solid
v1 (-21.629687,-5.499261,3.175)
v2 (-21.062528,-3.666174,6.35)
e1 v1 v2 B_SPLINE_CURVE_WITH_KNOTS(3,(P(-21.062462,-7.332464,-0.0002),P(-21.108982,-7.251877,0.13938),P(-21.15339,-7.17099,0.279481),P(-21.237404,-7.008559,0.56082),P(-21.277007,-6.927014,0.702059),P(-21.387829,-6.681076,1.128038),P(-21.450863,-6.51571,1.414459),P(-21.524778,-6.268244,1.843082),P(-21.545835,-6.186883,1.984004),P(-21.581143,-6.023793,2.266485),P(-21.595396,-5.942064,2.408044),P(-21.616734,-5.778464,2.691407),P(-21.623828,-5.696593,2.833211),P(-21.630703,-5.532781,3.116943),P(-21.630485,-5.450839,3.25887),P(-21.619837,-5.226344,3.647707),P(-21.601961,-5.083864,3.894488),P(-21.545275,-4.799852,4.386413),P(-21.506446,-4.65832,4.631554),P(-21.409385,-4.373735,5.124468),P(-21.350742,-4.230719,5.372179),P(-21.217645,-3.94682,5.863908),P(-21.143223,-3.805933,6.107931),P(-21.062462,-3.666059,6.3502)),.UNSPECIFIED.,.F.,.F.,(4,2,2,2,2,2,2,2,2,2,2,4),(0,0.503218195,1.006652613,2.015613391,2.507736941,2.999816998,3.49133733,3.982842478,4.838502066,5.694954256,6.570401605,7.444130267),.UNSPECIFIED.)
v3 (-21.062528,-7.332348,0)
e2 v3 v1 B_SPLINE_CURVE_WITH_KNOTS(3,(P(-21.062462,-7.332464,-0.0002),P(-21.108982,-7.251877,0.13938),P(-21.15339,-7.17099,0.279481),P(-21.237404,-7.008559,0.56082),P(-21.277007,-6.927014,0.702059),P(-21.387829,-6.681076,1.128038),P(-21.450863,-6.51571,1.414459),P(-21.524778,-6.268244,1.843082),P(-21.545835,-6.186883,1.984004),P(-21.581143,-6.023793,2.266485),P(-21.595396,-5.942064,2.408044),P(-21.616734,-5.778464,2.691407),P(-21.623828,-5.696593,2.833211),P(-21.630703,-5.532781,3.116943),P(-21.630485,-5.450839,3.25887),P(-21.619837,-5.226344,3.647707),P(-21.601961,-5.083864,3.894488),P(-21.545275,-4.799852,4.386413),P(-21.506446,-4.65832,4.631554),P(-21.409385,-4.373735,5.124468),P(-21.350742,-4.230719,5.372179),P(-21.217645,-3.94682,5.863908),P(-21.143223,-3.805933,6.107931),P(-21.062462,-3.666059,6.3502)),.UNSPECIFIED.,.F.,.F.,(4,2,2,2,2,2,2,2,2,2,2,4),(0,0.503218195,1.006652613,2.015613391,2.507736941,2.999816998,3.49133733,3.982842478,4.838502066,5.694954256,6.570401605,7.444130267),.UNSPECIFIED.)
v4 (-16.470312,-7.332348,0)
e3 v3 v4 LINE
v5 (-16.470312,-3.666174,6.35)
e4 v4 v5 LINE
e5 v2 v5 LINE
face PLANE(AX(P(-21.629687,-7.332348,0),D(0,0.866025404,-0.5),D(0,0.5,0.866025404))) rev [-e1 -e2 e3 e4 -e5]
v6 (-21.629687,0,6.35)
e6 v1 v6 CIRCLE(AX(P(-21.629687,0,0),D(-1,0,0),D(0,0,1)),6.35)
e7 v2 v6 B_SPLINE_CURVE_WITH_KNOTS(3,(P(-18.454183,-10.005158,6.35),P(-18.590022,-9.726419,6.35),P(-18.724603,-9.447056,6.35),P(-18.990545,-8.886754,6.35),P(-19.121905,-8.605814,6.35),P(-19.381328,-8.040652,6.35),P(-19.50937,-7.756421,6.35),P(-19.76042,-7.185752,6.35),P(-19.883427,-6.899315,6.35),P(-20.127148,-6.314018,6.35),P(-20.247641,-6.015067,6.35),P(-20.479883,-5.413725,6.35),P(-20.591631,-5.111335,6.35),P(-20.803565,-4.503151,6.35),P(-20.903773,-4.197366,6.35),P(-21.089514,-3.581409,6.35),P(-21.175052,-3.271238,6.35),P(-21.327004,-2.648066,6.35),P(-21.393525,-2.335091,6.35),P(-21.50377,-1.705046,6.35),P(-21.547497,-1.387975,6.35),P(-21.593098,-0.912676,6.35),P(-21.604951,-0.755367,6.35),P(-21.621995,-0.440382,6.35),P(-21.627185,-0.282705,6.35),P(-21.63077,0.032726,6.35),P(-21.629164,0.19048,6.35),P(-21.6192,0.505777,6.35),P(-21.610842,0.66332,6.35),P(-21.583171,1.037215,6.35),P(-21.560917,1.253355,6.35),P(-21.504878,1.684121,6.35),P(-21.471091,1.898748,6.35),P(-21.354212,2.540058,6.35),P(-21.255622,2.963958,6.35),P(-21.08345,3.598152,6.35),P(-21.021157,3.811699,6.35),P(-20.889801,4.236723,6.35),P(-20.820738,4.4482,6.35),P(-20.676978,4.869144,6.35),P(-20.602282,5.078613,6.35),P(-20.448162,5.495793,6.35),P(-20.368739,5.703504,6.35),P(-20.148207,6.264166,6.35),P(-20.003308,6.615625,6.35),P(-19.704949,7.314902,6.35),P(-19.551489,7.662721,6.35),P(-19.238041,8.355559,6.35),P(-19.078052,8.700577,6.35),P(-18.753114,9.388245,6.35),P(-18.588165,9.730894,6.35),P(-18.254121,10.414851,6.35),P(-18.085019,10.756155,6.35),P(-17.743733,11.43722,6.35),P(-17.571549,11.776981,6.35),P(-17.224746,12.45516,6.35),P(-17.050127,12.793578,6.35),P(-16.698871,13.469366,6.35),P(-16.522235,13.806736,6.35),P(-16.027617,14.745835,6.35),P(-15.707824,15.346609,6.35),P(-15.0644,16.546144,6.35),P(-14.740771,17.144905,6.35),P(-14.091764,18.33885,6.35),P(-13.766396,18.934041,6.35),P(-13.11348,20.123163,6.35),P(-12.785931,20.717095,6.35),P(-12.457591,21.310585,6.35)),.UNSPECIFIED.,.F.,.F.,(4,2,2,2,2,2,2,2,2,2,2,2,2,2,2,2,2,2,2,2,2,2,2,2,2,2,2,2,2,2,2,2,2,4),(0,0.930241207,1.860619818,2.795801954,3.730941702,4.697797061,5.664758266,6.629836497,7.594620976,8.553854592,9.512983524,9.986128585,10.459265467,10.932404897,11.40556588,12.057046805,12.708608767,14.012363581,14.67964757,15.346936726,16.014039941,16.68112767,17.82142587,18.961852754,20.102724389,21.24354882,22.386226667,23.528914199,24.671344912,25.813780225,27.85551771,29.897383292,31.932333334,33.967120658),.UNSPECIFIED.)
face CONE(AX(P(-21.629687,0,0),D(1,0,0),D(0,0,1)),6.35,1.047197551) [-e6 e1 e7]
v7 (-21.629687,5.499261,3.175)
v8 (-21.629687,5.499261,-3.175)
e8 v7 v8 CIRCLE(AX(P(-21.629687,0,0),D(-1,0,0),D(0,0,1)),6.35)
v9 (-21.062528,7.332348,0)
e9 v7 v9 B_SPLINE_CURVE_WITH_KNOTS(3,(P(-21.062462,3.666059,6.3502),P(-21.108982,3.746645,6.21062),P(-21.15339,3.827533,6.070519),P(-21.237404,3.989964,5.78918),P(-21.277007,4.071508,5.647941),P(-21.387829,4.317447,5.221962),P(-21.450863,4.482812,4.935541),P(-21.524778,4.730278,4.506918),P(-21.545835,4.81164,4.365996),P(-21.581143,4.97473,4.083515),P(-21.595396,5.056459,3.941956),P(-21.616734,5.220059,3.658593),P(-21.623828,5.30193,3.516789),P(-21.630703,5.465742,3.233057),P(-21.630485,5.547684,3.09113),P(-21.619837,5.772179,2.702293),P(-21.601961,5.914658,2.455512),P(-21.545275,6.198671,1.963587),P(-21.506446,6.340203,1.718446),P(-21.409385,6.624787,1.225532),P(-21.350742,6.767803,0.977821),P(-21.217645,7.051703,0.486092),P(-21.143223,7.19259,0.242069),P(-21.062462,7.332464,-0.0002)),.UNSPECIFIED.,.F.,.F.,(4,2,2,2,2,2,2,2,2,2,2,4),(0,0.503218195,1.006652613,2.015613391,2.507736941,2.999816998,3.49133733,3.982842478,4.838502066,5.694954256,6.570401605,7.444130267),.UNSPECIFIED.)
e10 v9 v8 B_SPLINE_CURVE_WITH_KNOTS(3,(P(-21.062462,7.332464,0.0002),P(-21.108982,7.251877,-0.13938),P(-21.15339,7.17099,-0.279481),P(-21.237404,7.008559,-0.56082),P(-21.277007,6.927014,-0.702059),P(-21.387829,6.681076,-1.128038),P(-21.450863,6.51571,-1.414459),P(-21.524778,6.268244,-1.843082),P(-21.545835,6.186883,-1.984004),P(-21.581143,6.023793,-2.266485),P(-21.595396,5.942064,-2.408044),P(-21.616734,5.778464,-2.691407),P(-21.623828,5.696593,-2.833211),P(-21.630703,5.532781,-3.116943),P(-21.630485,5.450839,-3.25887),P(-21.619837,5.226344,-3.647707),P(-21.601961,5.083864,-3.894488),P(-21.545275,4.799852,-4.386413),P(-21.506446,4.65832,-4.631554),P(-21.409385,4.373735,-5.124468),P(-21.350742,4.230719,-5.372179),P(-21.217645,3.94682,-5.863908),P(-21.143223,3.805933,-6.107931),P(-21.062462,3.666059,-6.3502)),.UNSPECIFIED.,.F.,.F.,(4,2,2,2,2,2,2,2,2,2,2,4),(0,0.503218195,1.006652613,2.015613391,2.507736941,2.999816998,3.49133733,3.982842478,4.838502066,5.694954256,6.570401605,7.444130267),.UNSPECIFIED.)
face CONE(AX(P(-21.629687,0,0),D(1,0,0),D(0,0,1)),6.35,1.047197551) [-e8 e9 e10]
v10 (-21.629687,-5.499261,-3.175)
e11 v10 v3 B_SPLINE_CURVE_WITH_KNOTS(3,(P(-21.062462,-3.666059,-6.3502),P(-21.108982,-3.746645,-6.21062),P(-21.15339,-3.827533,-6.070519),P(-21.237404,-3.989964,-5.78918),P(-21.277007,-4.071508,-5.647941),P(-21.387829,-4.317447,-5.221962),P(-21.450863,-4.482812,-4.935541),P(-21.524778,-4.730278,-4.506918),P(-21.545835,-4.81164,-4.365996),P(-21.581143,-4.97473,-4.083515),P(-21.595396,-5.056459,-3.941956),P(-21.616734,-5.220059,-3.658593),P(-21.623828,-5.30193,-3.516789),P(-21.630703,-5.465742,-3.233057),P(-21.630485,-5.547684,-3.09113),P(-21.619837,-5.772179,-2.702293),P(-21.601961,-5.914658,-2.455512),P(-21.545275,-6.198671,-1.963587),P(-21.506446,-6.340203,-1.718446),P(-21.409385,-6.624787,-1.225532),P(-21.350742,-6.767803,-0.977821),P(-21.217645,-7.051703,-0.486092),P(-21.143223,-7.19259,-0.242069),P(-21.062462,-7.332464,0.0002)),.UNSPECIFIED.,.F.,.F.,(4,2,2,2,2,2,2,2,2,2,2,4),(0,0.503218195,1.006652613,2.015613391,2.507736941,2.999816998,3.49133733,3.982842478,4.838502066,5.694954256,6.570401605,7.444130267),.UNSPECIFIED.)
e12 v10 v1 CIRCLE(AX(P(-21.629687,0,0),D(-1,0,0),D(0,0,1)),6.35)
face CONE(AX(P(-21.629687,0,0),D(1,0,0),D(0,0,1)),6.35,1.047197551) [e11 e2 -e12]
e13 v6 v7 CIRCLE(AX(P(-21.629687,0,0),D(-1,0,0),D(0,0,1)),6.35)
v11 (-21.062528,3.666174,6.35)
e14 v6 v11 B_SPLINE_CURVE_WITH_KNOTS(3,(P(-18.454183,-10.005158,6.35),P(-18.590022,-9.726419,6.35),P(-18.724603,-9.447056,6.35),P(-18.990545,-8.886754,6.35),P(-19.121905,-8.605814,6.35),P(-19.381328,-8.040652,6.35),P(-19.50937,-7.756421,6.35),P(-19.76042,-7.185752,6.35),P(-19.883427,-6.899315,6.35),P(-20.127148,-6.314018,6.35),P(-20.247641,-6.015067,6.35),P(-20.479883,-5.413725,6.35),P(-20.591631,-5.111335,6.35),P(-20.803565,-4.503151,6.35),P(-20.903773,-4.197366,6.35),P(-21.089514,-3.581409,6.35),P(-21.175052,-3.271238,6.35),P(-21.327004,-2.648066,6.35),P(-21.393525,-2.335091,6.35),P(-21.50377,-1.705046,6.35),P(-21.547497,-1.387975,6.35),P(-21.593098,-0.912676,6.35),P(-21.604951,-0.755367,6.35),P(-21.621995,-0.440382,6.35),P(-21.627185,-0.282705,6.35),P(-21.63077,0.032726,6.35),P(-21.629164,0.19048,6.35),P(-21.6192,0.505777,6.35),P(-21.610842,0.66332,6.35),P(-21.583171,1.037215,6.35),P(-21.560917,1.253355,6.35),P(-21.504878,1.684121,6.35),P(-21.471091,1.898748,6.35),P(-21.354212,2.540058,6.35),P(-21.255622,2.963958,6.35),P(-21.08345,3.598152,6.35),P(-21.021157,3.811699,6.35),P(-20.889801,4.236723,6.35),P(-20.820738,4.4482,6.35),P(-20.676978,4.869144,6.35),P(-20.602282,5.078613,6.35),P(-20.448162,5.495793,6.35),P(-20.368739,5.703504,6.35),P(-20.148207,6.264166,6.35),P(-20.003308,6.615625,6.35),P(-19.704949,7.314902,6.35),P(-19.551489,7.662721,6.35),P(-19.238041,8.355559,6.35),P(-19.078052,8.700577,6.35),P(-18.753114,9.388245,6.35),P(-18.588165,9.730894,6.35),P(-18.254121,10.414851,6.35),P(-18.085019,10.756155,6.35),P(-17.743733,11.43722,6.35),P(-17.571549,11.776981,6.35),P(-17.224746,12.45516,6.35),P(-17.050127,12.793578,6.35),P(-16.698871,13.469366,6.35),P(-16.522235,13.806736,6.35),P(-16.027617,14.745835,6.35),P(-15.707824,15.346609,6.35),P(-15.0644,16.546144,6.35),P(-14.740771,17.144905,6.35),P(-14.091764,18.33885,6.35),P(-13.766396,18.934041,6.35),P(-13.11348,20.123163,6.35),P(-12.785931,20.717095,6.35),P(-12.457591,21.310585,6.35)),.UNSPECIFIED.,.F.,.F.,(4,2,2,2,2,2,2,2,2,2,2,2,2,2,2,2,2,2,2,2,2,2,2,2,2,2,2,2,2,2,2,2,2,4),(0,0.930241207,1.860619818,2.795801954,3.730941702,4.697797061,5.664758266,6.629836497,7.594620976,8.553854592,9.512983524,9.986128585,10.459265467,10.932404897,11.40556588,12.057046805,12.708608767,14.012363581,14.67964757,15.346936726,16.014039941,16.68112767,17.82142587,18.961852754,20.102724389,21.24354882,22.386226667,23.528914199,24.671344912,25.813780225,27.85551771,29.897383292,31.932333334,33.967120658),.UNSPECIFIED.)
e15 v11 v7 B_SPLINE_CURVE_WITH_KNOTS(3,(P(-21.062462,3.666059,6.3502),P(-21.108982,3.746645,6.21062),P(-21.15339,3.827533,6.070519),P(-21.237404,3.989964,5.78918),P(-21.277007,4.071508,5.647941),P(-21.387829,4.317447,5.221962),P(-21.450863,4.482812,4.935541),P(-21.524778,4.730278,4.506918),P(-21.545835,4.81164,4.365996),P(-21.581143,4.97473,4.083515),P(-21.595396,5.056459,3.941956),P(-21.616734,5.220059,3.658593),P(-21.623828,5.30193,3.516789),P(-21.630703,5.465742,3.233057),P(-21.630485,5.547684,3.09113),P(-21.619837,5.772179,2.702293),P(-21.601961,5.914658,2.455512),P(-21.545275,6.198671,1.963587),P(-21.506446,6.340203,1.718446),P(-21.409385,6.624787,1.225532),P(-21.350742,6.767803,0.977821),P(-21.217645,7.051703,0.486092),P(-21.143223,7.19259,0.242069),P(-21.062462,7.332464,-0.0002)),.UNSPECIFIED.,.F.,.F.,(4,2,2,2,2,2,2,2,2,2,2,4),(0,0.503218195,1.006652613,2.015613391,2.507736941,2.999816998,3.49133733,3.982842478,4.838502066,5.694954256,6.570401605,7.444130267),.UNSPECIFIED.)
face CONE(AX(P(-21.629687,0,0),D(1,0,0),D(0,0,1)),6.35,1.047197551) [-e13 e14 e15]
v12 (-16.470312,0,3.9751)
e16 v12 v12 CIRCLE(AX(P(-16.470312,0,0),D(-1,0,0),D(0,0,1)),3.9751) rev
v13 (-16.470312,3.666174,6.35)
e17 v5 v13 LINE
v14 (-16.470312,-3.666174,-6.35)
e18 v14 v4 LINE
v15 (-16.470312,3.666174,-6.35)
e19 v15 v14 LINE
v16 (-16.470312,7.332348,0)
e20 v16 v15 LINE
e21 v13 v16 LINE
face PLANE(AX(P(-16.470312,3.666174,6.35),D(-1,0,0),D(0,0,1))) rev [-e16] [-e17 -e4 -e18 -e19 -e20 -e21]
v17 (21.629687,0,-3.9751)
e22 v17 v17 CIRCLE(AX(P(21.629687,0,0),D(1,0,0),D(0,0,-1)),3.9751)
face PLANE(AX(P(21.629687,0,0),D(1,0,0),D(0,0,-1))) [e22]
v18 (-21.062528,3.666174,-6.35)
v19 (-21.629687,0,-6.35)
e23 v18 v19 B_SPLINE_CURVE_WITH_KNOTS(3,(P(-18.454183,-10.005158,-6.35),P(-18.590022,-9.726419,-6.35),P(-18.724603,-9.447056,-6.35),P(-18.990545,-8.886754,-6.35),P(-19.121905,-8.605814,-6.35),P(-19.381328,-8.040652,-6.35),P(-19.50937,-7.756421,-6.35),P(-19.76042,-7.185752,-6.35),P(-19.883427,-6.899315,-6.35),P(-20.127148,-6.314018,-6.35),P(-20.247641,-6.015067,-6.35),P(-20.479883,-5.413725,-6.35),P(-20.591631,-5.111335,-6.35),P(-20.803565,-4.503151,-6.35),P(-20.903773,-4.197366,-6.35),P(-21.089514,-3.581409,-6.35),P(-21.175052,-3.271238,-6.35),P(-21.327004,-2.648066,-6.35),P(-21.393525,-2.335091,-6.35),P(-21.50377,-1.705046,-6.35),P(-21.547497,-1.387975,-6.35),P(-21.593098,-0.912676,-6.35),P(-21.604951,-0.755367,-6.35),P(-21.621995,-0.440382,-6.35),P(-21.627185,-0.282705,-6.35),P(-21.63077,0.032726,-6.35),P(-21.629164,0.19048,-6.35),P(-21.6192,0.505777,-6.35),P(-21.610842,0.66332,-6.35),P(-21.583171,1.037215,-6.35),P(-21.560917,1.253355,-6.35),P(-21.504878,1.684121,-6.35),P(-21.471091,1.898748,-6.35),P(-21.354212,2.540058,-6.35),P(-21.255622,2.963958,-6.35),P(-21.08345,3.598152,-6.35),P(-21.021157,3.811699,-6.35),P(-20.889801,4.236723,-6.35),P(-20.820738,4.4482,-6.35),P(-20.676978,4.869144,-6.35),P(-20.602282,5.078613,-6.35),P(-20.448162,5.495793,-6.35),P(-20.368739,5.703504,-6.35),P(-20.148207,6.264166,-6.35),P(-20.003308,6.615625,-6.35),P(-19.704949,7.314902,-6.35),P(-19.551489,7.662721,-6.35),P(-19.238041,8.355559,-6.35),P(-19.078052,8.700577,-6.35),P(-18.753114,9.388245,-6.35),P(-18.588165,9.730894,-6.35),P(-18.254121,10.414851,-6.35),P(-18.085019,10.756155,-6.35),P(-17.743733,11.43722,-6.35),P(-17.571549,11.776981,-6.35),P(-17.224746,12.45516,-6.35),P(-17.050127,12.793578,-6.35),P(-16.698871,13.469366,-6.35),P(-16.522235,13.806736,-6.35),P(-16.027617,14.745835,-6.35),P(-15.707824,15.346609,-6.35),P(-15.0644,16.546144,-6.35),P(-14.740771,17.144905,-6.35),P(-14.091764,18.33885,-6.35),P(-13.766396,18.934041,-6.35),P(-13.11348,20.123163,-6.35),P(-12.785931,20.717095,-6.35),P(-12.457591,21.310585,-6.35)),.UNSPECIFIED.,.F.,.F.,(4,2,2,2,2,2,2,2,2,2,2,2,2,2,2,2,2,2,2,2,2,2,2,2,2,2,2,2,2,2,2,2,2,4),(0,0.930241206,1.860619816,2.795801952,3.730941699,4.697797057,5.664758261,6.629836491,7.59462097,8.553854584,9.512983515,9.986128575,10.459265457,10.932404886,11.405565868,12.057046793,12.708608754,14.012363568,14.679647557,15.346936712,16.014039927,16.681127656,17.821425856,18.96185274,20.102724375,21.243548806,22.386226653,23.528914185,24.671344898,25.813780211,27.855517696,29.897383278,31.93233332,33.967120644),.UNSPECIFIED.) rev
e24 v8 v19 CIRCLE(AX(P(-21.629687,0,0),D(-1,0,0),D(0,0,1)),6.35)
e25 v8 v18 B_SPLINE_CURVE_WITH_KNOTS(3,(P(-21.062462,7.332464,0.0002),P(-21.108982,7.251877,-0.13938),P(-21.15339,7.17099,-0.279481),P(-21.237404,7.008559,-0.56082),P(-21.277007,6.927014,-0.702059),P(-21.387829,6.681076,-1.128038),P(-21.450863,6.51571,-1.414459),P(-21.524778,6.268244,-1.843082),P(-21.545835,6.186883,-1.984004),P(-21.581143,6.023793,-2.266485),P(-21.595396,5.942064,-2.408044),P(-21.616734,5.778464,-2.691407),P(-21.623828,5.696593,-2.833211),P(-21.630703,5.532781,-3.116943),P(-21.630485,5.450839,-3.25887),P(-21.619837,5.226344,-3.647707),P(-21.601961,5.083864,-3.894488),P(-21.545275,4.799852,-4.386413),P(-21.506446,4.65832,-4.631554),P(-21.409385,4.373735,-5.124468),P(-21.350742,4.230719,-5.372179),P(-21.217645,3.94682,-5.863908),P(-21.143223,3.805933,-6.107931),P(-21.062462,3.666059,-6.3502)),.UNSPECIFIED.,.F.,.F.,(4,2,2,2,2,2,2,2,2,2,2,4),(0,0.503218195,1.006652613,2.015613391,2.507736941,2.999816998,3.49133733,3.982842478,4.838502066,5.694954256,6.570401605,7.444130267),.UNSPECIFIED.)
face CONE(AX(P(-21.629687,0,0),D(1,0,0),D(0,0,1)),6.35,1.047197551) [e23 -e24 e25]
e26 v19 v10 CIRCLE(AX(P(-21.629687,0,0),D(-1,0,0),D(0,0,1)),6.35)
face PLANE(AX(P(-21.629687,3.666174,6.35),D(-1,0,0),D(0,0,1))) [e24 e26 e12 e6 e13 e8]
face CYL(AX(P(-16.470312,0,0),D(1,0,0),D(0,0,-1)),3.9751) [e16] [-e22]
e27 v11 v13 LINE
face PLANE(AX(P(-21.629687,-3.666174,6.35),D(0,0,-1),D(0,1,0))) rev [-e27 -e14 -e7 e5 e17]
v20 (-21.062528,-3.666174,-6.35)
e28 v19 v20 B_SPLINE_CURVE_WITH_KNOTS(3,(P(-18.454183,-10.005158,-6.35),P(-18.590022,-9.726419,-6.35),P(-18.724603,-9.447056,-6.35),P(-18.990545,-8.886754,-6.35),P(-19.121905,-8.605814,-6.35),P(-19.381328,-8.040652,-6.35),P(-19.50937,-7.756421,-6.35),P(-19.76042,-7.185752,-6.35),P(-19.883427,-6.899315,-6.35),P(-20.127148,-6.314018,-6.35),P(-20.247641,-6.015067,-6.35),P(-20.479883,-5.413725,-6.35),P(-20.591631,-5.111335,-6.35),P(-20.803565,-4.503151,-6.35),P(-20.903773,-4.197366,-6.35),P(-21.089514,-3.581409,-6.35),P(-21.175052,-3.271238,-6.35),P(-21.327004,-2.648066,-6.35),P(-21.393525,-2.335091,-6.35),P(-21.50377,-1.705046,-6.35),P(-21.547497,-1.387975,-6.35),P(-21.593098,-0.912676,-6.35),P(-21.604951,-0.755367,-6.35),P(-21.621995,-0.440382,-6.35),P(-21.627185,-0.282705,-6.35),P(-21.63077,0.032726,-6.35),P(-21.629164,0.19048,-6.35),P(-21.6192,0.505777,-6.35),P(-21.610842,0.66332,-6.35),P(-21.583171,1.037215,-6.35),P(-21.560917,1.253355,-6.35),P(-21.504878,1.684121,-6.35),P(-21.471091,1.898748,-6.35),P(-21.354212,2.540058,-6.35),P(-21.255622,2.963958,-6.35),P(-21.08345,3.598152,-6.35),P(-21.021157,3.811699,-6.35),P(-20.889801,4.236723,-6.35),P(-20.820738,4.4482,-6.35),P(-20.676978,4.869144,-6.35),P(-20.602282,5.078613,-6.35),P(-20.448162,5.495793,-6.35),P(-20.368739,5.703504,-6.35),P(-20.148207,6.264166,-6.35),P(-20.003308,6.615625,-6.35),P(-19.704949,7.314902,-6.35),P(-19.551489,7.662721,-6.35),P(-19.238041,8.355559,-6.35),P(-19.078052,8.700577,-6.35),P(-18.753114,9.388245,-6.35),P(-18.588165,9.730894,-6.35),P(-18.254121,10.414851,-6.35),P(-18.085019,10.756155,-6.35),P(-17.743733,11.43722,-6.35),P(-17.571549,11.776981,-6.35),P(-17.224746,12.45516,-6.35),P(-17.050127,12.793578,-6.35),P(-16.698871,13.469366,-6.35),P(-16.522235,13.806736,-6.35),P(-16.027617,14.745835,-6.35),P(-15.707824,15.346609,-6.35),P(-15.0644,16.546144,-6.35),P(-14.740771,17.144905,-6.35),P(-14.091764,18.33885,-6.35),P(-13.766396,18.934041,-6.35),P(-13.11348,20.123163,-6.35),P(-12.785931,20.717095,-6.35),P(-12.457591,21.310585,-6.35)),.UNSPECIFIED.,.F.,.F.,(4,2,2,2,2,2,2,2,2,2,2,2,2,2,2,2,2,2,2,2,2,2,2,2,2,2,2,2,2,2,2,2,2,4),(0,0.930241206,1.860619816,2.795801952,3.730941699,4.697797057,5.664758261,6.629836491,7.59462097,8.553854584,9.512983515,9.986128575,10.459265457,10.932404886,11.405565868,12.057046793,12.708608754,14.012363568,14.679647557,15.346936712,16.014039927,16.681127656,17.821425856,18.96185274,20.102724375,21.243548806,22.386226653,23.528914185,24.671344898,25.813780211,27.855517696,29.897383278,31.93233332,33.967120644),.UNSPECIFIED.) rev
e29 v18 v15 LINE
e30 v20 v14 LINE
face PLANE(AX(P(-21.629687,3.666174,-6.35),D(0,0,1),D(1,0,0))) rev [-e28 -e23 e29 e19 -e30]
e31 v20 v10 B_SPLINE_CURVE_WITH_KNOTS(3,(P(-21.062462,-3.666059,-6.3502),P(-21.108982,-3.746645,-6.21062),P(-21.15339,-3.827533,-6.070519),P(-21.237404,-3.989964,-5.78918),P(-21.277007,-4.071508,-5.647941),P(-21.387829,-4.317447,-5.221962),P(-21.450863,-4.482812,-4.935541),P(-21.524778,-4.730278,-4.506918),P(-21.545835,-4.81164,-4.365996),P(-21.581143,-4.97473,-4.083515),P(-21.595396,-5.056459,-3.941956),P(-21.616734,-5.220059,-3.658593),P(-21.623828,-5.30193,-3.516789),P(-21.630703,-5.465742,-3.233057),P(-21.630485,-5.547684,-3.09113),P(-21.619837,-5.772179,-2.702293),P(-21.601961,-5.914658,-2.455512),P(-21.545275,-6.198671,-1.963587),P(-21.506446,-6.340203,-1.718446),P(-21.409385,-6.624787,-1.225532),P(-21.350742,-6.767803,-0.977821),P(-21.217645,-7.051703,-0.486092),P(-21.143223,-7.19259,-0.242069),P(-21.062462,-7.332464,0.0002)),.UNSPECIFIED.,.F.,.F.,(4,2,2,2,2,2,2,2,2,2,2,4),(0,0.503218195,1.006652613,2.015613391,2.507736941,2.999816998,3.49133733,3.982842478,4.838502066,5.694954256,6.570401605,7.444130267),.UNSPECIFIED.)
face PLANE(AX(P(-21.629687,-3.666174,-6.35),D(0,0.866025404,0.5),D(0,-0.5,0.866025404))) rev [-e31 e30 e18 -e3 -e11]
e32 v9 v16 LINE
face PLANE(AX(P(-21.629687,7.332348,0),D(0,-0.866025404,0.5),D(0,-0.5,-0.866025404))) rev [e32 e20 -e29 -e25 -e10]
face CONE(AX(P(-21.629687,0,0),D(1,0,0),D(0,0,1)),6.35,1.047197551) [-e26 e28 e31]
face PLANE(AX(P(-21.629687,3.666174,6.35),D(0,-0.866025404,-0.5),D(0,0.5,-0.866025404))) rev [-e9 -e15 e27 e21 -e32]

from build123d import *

# Parameters (mm, degrees)
SKETCH5_R           = 3.9751
BOSS_EXTRUDE3_DEPTH = 38.1
BOSS_EXTRUDE4_DEPTH = 5.159375
SKETCH8_OUTSIDE_W   = 181.222
SKETCH8_OUTSIDE_H   = 183.186
SKETCH8_OUTSIDE_R   = 6.35
CUT_EXTRUDE3_DEPTH  = 45.333501539
CUT_EXTRUDE3_DRAFT  = -60


with BuildPart() as part:
    # Sketch5 → Boss-Extrude3 (new body)
    with BuildSketch(Plane(origin=(21.6296875, 0, 0), x_dir=(0, 0, -1), z_dir=(1, 0, 0))):
        Circle(SKETCH5_R)
    extrude(amount=-BOSS_EXTRUDE3_DEPTH)

    # Sketch6 → Boss-Extrude4 (add)
    with BuildSketch(Plane.ZY.offset(16.4703125)):
        Polygon((6.35, 3.666174209), (0, 7.332348419), (-6.35, 3.666174209), (-6.35, -3.666174209), (0, -7.332348419), (6.35, -3.666174209), align=None)
    extrude(amount=BOSS_EXTRUDE4_DEPTH)


with BuildPart() as cut_extrude3_tool:
    # Sketch8 outside → Cut-Extrude3 (with draft: the straight prism first)
    with BuildSketch(Plane.ZY.offset(21.6296875)):
        Rectangle(SKETCH8_OUTSIDE_W, SKETCH8_OUTSIDE_H)
        Circle(SKETCH8_OUTSIDE_R, mode=Mode.SUBTRACT)
    extrude(amount=-CUT_EXTRUDE3_DEPTH)
    # Cut-Extrude3: the draft: its side faces are tilted about the plane it starts from
    cut_extrude3_sides = [cut_extrude3_tool.faces().sort_by_distance(p)[0] for p in [
        (1.03706327, -91.593, 0),
        (1.03706327, 0, 90.611),
        (1.03706327, 91.593, 0),
        (1.03706327, 0, -90.611),
        (1.03706327, 0, -6.35),
    ]]
    draft(cut_extrude3_sides, Plane.ZY.offset(21.6296875), CUT_EXTRUDE3_DRAFT)


with BuildPart() as part_1:
    add(part.part)

    # Cut-Extrude3: cut by cut_extrude3_tool
    add(cut_extrude3_tool.part, mode=Mode.SUBTRACT)


solid = part_1.part
